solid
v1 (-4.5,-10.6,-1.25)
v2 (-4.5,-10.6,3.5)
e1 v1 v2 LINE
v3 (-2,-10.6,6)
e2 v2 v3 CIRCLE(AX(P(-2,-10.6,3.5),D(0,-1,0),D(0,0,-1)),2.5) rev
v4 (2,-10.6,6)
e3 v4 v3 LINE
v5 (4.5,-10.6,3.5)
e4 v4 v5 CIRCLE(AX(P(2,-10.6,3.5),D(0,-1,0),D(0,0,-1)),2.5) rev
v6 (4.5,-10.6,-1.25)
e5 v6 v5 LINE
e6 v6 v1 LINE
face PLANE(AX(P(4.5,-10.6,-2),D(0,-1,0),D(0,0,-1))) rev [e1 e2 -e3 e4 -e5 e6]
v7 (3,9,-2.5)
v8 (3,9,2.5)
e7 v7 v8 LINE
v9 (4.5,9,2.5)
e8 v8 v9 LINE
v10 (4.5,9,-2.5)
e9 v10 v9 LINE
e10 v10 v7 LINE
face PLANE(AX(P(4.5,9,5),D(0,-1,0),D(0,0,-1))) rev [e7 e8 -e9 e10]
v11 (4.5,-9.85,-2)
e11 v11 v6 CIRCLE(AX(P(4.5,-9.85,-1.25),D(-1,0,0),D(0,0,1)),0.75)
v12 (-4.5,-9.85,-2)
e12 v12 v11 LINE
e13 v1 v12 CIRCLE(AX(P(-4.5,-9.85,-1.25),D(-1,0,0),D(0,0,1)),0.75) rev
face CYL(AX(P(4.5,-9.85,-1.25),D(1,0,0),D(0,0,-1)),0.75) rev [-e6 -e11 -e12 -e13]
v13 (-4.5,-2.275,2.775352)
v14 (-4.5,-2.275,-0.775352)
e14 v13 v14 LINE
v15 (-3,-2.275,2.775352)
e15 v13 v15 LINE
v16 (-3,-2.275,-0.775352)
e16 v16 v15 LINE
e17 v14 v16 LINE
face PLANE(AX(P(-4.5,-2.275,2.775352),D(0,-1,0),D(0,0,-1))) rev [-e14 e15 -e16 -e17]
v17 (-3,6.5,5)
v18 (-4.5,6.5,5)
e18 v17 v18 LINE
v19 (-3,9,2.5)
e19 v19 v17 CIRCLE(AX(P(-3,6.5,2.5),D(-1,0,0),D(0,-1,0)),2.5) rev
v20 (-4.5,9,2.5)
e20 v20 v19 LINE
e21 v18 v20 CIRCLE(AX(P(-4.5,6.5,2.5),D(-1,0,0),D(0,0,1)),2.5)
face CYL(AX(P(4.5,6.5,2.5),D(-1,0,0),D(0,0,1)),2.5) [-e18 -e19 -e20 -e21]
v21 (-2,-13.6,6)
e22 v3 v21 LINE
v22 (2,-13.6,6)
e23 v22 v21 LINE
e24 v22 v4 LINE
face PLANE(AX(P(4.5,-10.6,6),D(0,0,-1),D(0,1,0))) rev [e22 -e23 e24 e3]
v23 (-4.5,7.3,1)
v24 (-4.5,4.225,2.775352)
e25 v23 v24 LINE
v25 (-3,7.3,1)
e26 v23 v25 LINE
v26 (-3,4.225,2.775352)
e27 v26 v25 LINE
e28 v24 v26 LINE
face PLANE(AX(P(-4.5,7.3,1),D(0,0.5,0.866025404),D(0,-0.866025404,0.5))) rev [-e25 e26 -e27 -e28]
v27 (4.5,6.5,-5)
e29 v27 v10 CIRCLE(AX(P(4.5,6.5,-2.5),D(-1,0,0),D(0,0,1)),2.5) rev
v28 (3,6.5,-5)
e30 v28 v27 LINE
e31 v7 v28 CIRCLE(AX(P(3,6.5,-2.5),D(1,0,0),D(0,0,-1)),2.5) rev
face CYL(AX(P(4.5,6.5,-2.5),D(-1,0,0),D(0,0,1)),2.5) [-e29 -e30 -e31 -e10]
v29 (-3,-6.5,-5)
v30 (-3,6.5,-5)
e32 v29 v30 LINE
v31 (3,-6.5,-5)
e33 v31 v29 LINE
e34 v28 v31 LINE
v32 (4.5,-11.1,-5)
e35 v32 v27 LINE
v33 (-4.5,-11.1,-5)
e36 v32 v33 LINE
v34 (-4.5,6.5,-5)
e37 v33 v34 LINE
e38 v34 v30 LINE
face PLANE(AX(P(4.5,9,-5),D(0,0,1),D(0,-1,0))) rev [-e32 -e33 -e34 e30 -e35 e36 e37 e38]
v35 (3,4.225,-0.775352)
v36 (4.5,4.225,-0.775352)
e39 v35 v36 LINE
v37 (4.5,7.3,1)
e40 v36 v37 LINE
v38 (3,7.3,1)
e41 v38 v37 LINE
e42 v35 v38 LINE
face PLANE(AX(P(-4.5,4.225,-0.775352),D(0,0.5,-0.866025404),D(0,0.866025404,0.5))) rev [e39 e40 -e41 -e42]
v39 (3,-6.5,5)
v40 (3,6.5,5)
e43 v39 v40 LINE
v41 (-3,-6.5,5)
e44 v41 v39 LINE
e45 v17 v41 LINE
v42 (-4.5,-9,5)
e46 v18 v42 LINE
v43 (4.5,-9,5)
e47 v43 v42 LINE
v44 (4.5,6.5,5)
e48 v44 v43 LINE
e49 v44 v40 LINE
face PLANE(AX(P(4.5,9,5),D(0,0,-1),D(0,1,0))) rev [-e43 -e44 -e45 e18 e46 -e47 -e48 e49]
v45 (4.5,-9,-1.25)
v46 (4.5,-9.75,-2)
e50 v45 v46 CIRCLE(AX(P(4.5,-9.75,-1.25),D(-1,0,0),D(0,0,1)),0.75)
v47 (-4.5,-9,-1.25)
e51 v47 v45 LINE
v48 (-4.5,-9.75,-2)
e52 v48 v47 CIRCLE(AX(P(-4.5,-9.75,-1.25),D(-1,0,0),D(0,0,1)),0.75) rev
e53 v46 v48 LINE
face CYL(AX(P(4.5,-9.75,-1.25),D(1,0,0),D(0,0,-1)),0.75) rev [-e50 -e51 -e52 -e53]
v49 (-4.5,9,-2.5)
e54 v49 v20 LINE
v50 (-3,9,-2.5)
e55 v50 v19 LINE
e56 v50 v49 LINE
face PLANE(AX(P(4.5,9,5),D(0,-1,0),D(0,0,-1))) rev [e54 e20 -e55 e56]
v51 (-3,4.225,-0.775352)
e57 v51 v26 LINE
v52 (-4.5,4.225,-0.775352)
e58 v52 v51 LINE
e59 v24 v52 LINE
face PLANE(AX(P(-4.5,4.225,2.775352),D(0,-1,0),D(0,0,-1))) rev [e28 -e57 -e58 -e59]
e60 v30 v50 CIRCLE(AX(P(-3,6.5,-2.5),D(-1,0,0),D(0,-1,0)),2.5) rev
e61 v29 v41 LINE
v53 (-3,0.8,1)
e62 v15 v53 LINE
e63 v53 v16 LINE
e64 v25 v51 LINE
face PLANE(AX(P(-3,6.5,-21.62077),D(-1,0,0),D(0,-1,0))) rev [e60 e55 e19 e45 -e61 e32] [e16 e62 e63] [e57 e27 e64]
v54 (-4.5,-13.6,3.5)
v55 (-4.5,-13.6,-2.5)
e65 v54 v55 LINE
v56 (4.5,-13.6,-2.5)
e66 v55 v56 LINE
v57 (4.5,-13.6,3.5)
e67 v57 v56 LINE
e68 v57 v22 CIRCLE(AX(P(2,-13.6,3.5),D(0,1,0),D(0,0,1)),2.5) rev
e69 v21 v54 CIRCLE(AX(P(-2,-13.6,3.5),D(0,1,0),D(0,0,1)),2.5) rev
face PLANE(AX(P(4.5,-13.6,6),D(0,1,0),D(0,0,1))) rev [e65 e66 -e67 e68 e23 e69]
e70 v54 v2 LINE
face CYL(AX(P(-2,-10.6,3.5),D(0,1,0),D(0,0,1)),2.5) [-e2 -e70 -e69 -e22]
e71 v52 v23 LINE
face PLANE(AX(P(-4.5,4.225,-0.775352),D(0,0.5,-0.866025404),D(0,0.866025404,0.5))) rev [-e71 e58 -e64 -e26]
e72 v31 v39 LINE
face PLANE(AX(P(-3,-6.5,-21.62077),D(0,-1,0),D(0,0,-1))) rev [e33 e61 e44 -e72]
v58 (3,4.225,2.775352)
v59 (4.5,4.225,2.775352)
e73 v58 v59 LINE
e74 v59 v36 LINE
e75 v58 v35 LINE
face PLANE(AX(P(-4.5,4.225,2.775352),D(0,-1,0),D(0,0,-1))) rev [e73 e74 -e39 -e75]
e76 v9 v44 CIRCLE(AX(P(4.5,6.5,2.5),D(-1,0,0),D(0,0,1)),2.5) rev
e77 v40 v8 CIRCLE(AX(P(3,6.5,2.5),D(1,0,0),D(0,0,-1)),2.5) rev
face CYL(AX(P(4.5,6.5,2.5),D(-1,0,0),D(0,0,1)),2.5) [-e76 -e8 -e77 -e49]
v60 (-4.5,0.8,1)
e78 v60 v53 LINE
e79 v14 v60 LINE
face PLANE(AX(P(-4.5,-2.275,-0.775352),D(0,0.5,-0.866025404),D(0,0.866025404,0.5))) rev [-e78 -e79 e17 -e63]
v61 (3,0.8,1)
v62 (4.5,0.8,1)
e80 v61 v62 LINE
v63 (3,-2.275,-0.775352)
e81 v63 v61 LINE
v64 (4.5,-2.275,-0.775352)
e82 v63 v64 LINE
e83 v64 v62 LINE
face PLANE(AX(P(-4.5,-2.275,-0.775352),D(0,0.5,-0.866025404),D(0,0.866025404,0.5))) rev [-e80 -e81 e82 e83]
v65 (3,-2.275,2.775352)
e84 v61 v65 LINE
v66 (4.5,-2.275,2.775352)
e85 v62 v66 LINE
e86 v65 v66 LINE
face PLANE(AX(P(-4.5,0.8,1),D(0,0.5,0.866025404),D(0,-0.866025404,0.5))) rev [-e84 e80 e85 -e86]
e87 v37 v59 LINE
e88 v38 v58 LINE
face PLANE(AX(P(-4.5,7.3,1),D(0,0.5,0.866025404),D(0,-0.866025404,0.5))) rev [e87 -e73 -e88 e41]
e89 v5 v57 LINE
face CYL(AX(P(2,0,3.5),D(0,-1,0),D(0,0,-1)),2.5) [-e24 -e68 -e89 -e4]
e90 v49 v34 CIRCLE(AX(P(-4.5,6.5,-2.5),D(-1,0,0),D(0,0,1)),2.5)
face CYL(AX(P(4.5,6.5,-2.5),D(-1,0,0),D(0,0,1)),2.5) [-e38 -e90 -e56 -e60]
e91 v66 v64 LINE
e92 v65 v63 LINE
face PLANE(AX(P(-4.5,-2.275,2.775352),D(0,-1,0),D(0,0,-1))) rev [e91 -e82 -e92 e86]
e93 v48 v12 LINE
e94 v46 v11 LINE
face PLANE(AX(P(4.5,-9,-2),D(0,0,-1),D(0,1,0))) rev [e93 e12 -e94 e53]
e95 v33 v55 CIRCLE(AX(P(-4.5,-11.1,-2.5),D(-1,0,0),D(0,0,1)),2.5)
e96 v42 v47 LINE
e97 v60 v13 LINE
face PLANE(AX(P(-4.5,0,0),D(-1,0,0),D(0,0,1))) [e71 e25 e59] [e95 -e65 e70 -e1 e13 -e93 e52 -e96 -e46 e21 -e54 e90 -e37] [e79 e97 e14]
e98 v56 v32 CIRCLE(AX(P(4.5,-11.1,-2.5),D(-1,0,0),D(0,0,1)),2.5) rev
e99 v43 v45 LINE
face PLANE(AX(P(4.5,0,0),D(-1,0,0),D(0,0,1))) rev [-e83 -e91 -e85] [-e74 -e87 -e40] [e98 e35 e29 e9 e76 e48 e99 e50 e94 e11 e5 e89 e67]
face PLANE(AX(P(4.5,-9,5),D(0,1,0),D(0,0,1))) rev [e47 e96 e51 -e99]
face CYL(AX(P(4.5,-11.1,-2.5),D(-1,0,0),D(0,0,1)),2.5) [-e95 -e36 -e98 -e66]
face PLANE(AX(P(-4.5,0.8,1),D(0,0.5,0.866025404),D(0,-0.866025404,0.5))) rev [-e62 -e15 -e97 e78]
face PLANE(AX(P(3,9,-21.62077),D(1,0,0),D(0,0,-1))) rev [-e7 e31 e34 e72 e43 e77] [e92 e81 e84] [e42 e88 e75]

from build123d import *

# Parameters (mm, degrees)
BOSS_EXTRUDE1_DEPTH     = 4.5
CUT_EXTRUDE1_DEPTH      = 10
CUT_EXTRUDE2_DEPTH      = 5.5
CUT_EXTRUDE2_DEPTH_BACK = 5.5
FILLET1_R               = 2.5
FILLET2_R               = 0.75


with BuildPart() as part:
    # Sketch2 → Boss-Extrude1 (new body, symmetric)
    with BuildSketch(Plane(origin=(0, 0, 0), x_dir=(0, 0, -1), z_dir=(1, 0, 0))):
        Polygon((2, -9), (2, -10.6), (-6, -10.6), (-6, -13.6), (5, -13.6), (5, -9), (5, 9), (-5, 9), (-5, -9), align=None)
    extrude(amount=BOSS_EXTRUDE1_DEPTH, both=True)

    # Sketch3 → Cut-Extrude1 (cut)
    with BuildSketch(Plane.XY.offset(5)):
        Polygon((-3, 6.5), (-3, -6.5), (3, -6.5), (3, 6.5), (3, 9), (-3, 9), align=None)
    extrude(amount=-CUT_EXTRUDE1_DEPTH, mode=Mode.SUBTRACT)

    # Sketch4 → Cut-Extrude2 (cut, two sides)
    with BuildSketch(Plane(origin=(0, 0, 0), x_dir=(0, 0, -1), z_dir=(1, 0, 0))) as cut_extrude2_sk:
        Polygon((0.775352078, 4.225), (-1, 7.3), (-2.775352078, 4.225), align=None)
        Polygon((0.775352078, -2.275), (-1, 0.8), (-2.775352078, -2.275), align=None)
    extrude(amount=CUT_EXTRUDE2_DEPTH, mode=Mode.SUBTRACT)
    extrude(cut_extrude2_sk.sketch, amount=-CUT_EXTRUDE2_DEPTH_BACK, mode=Mode.SUBTRACT)

    # Fillet1
    fillet1_edges = [part.edges().sort_by_distance(p)[0] for p in [
        (0, -13.6, -5),
        (3.75, 9, 5),
        (3.75, 9, -5),
        (4.5, -12.1, 6),
        (-3.75, 9, 5),
        (-3.75, 9, -5),
        (-4.5, -12.1, 6),
    ]]
    fillet(fillet1_edges, radius=FILLET1_R)

    # Fillet2
    fillet2_edges = [part.edges().sort_by_distance(p)[0] for p in [
        (0, -10.6, -2),
        (0, -9, -2),
    ]]
    fillet(fillet2_edges, radius=FILLET2_R)


solid = part.part
